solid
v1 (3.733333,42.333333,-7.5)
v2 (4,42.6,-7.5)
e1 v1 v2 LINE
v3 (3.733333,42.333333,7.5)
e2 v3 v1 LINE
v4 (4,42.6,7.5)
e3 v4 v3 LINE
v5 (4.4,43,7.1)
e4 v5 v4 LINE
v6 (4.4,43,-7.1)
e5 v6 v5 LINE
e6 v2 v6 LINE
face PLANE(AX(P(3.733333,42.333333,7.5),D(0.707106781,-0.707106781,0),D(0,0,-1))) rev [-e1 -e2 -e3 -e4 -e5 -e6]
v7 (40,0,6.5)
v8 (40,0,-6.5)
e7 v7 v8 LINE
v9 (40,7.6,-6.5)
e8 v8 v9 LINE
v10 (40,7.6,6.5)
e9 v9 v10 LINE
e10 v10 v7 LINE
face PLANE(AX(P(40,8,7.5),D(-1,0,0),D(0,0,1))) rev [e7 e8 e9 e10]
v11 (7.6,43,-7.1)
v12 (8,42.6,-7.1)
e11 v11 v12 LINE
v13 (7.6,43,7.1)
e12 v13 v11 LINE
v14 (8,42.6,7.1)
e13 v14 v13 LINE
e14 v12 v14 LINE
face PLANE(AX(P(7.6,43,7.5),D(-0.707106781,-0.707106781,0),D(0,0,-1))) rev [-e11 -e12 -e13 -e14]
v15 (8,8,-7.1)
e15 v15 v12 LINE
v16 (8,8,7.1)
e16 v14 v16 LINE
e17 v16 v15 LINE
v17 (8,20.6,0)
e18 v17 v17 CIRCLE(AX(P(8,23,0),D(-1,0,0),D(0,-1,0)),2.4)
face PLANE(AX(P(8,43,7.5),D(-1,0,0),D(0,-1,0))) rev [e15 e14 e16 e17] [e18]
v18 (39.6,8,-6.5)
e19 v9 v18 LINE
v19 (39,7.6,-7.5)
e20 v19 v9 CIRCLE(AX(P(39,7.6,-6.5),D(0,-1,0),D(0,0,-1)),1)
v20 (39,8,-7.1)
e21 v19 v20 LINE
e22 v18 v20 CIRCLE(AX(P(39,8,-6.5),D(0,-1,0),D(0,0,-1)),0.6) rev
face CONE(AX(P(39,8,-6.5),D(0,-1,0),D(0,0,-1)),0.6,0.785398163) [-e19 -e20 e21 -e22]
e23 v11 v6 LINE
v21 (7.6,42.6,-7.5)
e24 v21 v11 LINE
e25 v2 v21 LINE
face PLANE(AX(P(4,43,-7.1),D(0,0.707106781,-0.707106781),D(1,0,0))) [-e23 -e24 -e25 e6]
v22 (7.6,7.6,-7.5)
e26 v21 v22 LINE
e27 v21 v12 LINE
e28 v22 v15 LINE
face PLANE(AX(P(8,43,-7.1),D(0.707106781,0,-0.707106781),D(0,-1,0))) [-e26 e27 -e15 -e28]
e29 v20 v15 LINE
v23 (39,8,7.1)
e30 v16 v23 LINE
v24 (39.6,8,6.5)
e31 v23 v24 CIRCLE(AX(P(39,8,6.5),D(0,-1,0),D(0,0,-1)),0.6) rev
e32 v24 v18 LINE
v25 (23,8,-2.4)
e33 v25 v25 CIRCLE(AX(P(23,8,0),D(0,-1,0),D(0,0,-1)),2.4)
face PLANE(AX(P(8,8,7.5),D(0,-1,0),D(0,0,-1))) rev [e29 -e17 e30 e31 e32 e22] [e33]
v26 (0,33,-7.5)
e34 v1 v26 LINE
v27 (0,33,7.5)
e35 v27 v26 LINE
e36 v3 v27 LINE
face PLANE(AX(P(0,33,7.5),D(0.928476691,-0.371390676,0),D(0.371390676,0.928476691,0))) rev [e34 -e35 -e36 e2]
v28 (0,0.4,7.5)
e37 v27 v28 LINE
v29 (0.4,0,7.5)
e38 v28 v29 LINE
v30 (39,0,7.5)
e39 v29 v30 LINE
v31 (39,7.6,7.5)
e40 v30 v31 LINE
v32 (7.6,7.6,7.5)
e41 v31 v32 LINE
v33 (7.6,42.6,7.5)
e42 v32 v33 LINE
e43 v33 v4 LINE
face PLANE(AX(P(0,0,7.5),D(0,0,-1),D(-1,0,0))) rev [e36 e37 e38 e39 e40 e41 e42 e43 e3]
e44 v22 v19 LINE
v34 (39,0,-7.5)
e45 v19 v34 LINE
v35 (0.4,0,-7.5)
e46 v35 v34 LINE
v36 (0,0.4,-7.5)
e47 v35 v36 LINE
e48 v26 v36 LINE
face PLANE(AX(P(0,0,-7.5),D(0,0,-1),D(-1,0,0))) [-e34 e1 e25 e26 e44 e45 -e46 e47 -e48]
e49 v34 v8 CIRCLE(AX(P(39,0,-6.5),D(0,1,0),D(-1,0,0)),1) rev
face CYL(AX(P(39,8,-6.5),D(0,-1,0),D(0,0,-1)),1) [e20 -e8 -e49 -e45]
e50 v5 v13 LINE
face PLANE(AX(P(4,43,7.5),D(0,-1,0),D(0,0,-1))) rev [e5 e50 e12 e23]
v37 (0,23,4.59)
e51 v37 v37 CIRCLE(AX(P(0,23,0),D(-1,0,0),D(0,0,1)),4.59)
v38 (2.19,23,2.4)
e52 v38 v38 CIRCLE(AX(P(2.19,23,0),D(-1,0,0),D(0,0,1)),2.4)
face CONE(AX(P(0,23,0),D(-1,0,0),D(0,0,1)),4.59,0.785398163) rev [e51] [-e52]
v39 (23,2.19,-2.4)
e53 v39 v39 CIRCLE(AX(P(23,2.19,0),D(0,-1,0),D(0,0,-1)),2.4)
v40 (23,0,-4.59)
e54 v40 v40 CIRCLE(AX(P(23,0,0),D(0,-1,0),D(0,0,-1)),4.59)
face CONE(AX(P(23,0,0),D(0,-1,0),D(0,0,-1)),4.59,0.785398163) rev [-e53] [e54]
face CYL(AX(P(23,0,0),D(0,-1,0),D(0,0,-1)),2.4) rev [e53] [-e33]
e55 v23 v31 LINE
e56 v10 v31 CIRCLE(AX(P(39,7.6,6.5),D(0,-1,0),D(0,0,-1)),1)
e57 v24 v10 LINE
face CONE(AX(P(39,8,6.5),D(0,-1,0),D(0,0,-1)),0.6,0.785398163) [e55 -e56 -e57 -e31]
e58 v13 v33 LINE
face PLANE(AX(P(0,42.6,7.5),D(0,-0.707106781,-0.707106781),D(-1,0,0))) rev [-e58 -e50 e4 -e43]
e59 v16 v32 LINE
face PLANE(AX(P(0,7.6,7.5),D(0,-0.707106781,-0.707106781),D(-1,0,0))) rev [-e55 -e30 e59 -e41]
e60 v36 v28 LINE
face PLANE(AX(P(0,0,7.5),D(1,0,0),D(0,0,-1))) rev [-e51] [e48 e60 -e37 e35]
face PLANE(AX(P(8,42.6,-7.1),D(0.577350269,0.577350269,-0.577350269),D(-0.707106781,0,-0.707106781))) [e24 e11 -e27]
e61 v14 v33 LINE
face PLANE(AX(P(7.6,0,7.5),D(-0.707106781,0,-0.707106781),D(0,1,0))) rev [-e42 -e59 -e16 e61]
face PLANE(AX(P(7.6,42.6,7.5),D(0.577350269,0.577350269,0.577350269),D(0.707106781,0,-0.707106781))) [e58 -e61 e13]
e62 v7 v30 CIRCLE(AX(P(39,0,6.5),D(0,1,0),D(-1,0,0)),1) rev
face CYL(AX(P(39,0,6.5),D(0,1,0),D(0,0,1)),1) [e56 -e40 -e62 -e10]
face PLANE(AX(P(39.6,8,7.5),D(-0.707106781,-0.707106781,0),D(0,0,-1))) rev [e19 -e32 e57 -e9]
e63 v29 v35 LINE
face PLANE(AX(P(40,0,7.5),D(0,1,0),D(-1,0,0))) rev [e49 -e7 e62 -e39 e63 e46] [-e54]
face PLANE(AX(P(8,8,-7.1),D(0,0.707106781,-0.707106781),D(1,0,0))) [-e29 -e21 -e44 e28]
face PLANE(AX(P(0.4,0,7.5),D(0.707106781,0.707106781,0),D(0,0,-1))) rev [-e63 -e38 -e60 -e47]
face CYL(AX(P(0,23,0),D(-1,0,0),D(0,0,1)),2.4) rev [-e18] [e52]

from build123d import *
from OCP.BRepFilletAPI import BRepFilletAPI_MakeChamfer

# Parameters (mm, degrees)
BOSS_EXTRUDE1_DEPTH                                  = 7.5
CSK_FOR_M4_HEX_SOCKET_COUNTERSUNK_HEAD_S_D           = 4.8
CSK_FOR_M4_HEX_SOCKET_COUNTERSUNK_HEAD_S_CSINK_D     = 9.18
CSK_FOR_M4_HEX_SOCKET_COUNTERSUNK_HEAD_S_CSINK_ANGLE = 90
CSK_FOR_M4_HEX_SOCKET_COUNTERSUNK_HE_2_D             = 4.8
CSK_FOR_M4_HEX_SOCKET_COUNTERSUNK_HE_2_CSINK_D       = 9.18
CSK_FOR_M4_HEX_SOCKET_COUNTERSUNK_HE_2_CSINK_ANGLE   = 90
FILLET1_R                                            = 1
CHAMFER1_SIZE                                        = 0.4
CHAMFER1_SIZE2                                       = 0.718021974


with BuildPart() as part:
    # Sketch1 → Boss-Extrude1 (new, symmetric)
    with BuildSketch(Plane.XY):
        Polygon((0, 0), (0, 33), (4, 43), (8, 43), (8, 8), (40, 8), (40, 0), align=None)
    extrude(amount=BOSS_EXTRUDE1_DEPTH, both=True)

    # CSK for M4 Hex Socket Countersunk Head S (through all)
    with Locations(Plane(origin=(0, 0, 0), x_dir=(-1, 0, 0), z_dir=(0, -1, 0))):
        with Locations((-23, 0)):
            CounterSinkHole(CSK_FOR_M4_HEX_SOCKET_COUNTERSUNK_HEAD_S_D / 2, CSK_FOR_M4_HEX_SOCKET_COUNTERSUNK_HEAD_S_CSINK_D / 2, counter_sink_angle=CSK_FOR_M4_HEX_SOCKET_COUNTERSUNK_HEAD_S_CSINK_ANGLE)

    # CSK for M4 Hex Socket Countersunk He 2 (through all)
    with Locations(Plane.ZY):
        with Locations((0, 23)):
            CounterSinkHole(CSK_FOR_M4_HEX_SOCKET_COUNTERSUNK_HE_2_D / 2, CSK_FOR_M4_HEX_SOCKET_COUNTERSUNK_HE_2_CSINK_D / 2, counter_sink_angle=CSK_FOR_M4_HEX_SOCKET_COUNTERSUNK_HE_2_CSINK_ANGLE)

    # Fillet1
    fillet1_edges = [part.edges().sort_by_distance(p)[0] for p in [
        (40, 4, 7.5),
        (40, 4, -7.5),
    ]]
    fillet(fillet1_edges, radius=FILLET1_R)

    # Chamfer1: one chamfer whose edges measure the first distance from different faces: ONE call of the kernel's chamfer builder (chamfer() names one face for all edges)
    chamfer1_edges_1 = [part.edges().sort_by_distance(p)[0] for p in [
        (0, 0, 0),
        (8, 43, 0),
        (8, 25.5, 7.5),
        (6, 43, 7.5),
        (40, 8, 0),
        (23.5, 8, -7.5),
        (23.5, 8, 7.5),
        (39.707106781, 8, 7.207106781),
        (39.707106781, 8, -7.207106781),
        (6, 43, -7.5),
        (8, 25.5, -7.5),
    ]]
    chamfer1_edges_2 = [part.edges().sort_by_distance(p)[0] for p in [
        (4, 43, 0),
    ]]
    chamfer1_side_2 = [part.faces().sort_by_distance(p)[0] for p in [
        (6, 43, 0),
    ]]
    chamfer1 = BRepFilletAPI_MakeChamfer(part.part.solid().wrapped)
    for e in chamfer1_edges_1:
        chamfer1.Add(CHAMFER1_SIZE, e.wrapped)
    for e in chamfer1_edges_2:
        chamfer1.Add(CHAMFER1_SIZE, CHAMFER1_SIZE2, e.wrapped, chamfer1_side_2[0].wrapped)  # the first distance lies on this face
    add(Compound.cast(chamfer1.Shape()), mode=Mode.REPLACE)


solid = part.part
